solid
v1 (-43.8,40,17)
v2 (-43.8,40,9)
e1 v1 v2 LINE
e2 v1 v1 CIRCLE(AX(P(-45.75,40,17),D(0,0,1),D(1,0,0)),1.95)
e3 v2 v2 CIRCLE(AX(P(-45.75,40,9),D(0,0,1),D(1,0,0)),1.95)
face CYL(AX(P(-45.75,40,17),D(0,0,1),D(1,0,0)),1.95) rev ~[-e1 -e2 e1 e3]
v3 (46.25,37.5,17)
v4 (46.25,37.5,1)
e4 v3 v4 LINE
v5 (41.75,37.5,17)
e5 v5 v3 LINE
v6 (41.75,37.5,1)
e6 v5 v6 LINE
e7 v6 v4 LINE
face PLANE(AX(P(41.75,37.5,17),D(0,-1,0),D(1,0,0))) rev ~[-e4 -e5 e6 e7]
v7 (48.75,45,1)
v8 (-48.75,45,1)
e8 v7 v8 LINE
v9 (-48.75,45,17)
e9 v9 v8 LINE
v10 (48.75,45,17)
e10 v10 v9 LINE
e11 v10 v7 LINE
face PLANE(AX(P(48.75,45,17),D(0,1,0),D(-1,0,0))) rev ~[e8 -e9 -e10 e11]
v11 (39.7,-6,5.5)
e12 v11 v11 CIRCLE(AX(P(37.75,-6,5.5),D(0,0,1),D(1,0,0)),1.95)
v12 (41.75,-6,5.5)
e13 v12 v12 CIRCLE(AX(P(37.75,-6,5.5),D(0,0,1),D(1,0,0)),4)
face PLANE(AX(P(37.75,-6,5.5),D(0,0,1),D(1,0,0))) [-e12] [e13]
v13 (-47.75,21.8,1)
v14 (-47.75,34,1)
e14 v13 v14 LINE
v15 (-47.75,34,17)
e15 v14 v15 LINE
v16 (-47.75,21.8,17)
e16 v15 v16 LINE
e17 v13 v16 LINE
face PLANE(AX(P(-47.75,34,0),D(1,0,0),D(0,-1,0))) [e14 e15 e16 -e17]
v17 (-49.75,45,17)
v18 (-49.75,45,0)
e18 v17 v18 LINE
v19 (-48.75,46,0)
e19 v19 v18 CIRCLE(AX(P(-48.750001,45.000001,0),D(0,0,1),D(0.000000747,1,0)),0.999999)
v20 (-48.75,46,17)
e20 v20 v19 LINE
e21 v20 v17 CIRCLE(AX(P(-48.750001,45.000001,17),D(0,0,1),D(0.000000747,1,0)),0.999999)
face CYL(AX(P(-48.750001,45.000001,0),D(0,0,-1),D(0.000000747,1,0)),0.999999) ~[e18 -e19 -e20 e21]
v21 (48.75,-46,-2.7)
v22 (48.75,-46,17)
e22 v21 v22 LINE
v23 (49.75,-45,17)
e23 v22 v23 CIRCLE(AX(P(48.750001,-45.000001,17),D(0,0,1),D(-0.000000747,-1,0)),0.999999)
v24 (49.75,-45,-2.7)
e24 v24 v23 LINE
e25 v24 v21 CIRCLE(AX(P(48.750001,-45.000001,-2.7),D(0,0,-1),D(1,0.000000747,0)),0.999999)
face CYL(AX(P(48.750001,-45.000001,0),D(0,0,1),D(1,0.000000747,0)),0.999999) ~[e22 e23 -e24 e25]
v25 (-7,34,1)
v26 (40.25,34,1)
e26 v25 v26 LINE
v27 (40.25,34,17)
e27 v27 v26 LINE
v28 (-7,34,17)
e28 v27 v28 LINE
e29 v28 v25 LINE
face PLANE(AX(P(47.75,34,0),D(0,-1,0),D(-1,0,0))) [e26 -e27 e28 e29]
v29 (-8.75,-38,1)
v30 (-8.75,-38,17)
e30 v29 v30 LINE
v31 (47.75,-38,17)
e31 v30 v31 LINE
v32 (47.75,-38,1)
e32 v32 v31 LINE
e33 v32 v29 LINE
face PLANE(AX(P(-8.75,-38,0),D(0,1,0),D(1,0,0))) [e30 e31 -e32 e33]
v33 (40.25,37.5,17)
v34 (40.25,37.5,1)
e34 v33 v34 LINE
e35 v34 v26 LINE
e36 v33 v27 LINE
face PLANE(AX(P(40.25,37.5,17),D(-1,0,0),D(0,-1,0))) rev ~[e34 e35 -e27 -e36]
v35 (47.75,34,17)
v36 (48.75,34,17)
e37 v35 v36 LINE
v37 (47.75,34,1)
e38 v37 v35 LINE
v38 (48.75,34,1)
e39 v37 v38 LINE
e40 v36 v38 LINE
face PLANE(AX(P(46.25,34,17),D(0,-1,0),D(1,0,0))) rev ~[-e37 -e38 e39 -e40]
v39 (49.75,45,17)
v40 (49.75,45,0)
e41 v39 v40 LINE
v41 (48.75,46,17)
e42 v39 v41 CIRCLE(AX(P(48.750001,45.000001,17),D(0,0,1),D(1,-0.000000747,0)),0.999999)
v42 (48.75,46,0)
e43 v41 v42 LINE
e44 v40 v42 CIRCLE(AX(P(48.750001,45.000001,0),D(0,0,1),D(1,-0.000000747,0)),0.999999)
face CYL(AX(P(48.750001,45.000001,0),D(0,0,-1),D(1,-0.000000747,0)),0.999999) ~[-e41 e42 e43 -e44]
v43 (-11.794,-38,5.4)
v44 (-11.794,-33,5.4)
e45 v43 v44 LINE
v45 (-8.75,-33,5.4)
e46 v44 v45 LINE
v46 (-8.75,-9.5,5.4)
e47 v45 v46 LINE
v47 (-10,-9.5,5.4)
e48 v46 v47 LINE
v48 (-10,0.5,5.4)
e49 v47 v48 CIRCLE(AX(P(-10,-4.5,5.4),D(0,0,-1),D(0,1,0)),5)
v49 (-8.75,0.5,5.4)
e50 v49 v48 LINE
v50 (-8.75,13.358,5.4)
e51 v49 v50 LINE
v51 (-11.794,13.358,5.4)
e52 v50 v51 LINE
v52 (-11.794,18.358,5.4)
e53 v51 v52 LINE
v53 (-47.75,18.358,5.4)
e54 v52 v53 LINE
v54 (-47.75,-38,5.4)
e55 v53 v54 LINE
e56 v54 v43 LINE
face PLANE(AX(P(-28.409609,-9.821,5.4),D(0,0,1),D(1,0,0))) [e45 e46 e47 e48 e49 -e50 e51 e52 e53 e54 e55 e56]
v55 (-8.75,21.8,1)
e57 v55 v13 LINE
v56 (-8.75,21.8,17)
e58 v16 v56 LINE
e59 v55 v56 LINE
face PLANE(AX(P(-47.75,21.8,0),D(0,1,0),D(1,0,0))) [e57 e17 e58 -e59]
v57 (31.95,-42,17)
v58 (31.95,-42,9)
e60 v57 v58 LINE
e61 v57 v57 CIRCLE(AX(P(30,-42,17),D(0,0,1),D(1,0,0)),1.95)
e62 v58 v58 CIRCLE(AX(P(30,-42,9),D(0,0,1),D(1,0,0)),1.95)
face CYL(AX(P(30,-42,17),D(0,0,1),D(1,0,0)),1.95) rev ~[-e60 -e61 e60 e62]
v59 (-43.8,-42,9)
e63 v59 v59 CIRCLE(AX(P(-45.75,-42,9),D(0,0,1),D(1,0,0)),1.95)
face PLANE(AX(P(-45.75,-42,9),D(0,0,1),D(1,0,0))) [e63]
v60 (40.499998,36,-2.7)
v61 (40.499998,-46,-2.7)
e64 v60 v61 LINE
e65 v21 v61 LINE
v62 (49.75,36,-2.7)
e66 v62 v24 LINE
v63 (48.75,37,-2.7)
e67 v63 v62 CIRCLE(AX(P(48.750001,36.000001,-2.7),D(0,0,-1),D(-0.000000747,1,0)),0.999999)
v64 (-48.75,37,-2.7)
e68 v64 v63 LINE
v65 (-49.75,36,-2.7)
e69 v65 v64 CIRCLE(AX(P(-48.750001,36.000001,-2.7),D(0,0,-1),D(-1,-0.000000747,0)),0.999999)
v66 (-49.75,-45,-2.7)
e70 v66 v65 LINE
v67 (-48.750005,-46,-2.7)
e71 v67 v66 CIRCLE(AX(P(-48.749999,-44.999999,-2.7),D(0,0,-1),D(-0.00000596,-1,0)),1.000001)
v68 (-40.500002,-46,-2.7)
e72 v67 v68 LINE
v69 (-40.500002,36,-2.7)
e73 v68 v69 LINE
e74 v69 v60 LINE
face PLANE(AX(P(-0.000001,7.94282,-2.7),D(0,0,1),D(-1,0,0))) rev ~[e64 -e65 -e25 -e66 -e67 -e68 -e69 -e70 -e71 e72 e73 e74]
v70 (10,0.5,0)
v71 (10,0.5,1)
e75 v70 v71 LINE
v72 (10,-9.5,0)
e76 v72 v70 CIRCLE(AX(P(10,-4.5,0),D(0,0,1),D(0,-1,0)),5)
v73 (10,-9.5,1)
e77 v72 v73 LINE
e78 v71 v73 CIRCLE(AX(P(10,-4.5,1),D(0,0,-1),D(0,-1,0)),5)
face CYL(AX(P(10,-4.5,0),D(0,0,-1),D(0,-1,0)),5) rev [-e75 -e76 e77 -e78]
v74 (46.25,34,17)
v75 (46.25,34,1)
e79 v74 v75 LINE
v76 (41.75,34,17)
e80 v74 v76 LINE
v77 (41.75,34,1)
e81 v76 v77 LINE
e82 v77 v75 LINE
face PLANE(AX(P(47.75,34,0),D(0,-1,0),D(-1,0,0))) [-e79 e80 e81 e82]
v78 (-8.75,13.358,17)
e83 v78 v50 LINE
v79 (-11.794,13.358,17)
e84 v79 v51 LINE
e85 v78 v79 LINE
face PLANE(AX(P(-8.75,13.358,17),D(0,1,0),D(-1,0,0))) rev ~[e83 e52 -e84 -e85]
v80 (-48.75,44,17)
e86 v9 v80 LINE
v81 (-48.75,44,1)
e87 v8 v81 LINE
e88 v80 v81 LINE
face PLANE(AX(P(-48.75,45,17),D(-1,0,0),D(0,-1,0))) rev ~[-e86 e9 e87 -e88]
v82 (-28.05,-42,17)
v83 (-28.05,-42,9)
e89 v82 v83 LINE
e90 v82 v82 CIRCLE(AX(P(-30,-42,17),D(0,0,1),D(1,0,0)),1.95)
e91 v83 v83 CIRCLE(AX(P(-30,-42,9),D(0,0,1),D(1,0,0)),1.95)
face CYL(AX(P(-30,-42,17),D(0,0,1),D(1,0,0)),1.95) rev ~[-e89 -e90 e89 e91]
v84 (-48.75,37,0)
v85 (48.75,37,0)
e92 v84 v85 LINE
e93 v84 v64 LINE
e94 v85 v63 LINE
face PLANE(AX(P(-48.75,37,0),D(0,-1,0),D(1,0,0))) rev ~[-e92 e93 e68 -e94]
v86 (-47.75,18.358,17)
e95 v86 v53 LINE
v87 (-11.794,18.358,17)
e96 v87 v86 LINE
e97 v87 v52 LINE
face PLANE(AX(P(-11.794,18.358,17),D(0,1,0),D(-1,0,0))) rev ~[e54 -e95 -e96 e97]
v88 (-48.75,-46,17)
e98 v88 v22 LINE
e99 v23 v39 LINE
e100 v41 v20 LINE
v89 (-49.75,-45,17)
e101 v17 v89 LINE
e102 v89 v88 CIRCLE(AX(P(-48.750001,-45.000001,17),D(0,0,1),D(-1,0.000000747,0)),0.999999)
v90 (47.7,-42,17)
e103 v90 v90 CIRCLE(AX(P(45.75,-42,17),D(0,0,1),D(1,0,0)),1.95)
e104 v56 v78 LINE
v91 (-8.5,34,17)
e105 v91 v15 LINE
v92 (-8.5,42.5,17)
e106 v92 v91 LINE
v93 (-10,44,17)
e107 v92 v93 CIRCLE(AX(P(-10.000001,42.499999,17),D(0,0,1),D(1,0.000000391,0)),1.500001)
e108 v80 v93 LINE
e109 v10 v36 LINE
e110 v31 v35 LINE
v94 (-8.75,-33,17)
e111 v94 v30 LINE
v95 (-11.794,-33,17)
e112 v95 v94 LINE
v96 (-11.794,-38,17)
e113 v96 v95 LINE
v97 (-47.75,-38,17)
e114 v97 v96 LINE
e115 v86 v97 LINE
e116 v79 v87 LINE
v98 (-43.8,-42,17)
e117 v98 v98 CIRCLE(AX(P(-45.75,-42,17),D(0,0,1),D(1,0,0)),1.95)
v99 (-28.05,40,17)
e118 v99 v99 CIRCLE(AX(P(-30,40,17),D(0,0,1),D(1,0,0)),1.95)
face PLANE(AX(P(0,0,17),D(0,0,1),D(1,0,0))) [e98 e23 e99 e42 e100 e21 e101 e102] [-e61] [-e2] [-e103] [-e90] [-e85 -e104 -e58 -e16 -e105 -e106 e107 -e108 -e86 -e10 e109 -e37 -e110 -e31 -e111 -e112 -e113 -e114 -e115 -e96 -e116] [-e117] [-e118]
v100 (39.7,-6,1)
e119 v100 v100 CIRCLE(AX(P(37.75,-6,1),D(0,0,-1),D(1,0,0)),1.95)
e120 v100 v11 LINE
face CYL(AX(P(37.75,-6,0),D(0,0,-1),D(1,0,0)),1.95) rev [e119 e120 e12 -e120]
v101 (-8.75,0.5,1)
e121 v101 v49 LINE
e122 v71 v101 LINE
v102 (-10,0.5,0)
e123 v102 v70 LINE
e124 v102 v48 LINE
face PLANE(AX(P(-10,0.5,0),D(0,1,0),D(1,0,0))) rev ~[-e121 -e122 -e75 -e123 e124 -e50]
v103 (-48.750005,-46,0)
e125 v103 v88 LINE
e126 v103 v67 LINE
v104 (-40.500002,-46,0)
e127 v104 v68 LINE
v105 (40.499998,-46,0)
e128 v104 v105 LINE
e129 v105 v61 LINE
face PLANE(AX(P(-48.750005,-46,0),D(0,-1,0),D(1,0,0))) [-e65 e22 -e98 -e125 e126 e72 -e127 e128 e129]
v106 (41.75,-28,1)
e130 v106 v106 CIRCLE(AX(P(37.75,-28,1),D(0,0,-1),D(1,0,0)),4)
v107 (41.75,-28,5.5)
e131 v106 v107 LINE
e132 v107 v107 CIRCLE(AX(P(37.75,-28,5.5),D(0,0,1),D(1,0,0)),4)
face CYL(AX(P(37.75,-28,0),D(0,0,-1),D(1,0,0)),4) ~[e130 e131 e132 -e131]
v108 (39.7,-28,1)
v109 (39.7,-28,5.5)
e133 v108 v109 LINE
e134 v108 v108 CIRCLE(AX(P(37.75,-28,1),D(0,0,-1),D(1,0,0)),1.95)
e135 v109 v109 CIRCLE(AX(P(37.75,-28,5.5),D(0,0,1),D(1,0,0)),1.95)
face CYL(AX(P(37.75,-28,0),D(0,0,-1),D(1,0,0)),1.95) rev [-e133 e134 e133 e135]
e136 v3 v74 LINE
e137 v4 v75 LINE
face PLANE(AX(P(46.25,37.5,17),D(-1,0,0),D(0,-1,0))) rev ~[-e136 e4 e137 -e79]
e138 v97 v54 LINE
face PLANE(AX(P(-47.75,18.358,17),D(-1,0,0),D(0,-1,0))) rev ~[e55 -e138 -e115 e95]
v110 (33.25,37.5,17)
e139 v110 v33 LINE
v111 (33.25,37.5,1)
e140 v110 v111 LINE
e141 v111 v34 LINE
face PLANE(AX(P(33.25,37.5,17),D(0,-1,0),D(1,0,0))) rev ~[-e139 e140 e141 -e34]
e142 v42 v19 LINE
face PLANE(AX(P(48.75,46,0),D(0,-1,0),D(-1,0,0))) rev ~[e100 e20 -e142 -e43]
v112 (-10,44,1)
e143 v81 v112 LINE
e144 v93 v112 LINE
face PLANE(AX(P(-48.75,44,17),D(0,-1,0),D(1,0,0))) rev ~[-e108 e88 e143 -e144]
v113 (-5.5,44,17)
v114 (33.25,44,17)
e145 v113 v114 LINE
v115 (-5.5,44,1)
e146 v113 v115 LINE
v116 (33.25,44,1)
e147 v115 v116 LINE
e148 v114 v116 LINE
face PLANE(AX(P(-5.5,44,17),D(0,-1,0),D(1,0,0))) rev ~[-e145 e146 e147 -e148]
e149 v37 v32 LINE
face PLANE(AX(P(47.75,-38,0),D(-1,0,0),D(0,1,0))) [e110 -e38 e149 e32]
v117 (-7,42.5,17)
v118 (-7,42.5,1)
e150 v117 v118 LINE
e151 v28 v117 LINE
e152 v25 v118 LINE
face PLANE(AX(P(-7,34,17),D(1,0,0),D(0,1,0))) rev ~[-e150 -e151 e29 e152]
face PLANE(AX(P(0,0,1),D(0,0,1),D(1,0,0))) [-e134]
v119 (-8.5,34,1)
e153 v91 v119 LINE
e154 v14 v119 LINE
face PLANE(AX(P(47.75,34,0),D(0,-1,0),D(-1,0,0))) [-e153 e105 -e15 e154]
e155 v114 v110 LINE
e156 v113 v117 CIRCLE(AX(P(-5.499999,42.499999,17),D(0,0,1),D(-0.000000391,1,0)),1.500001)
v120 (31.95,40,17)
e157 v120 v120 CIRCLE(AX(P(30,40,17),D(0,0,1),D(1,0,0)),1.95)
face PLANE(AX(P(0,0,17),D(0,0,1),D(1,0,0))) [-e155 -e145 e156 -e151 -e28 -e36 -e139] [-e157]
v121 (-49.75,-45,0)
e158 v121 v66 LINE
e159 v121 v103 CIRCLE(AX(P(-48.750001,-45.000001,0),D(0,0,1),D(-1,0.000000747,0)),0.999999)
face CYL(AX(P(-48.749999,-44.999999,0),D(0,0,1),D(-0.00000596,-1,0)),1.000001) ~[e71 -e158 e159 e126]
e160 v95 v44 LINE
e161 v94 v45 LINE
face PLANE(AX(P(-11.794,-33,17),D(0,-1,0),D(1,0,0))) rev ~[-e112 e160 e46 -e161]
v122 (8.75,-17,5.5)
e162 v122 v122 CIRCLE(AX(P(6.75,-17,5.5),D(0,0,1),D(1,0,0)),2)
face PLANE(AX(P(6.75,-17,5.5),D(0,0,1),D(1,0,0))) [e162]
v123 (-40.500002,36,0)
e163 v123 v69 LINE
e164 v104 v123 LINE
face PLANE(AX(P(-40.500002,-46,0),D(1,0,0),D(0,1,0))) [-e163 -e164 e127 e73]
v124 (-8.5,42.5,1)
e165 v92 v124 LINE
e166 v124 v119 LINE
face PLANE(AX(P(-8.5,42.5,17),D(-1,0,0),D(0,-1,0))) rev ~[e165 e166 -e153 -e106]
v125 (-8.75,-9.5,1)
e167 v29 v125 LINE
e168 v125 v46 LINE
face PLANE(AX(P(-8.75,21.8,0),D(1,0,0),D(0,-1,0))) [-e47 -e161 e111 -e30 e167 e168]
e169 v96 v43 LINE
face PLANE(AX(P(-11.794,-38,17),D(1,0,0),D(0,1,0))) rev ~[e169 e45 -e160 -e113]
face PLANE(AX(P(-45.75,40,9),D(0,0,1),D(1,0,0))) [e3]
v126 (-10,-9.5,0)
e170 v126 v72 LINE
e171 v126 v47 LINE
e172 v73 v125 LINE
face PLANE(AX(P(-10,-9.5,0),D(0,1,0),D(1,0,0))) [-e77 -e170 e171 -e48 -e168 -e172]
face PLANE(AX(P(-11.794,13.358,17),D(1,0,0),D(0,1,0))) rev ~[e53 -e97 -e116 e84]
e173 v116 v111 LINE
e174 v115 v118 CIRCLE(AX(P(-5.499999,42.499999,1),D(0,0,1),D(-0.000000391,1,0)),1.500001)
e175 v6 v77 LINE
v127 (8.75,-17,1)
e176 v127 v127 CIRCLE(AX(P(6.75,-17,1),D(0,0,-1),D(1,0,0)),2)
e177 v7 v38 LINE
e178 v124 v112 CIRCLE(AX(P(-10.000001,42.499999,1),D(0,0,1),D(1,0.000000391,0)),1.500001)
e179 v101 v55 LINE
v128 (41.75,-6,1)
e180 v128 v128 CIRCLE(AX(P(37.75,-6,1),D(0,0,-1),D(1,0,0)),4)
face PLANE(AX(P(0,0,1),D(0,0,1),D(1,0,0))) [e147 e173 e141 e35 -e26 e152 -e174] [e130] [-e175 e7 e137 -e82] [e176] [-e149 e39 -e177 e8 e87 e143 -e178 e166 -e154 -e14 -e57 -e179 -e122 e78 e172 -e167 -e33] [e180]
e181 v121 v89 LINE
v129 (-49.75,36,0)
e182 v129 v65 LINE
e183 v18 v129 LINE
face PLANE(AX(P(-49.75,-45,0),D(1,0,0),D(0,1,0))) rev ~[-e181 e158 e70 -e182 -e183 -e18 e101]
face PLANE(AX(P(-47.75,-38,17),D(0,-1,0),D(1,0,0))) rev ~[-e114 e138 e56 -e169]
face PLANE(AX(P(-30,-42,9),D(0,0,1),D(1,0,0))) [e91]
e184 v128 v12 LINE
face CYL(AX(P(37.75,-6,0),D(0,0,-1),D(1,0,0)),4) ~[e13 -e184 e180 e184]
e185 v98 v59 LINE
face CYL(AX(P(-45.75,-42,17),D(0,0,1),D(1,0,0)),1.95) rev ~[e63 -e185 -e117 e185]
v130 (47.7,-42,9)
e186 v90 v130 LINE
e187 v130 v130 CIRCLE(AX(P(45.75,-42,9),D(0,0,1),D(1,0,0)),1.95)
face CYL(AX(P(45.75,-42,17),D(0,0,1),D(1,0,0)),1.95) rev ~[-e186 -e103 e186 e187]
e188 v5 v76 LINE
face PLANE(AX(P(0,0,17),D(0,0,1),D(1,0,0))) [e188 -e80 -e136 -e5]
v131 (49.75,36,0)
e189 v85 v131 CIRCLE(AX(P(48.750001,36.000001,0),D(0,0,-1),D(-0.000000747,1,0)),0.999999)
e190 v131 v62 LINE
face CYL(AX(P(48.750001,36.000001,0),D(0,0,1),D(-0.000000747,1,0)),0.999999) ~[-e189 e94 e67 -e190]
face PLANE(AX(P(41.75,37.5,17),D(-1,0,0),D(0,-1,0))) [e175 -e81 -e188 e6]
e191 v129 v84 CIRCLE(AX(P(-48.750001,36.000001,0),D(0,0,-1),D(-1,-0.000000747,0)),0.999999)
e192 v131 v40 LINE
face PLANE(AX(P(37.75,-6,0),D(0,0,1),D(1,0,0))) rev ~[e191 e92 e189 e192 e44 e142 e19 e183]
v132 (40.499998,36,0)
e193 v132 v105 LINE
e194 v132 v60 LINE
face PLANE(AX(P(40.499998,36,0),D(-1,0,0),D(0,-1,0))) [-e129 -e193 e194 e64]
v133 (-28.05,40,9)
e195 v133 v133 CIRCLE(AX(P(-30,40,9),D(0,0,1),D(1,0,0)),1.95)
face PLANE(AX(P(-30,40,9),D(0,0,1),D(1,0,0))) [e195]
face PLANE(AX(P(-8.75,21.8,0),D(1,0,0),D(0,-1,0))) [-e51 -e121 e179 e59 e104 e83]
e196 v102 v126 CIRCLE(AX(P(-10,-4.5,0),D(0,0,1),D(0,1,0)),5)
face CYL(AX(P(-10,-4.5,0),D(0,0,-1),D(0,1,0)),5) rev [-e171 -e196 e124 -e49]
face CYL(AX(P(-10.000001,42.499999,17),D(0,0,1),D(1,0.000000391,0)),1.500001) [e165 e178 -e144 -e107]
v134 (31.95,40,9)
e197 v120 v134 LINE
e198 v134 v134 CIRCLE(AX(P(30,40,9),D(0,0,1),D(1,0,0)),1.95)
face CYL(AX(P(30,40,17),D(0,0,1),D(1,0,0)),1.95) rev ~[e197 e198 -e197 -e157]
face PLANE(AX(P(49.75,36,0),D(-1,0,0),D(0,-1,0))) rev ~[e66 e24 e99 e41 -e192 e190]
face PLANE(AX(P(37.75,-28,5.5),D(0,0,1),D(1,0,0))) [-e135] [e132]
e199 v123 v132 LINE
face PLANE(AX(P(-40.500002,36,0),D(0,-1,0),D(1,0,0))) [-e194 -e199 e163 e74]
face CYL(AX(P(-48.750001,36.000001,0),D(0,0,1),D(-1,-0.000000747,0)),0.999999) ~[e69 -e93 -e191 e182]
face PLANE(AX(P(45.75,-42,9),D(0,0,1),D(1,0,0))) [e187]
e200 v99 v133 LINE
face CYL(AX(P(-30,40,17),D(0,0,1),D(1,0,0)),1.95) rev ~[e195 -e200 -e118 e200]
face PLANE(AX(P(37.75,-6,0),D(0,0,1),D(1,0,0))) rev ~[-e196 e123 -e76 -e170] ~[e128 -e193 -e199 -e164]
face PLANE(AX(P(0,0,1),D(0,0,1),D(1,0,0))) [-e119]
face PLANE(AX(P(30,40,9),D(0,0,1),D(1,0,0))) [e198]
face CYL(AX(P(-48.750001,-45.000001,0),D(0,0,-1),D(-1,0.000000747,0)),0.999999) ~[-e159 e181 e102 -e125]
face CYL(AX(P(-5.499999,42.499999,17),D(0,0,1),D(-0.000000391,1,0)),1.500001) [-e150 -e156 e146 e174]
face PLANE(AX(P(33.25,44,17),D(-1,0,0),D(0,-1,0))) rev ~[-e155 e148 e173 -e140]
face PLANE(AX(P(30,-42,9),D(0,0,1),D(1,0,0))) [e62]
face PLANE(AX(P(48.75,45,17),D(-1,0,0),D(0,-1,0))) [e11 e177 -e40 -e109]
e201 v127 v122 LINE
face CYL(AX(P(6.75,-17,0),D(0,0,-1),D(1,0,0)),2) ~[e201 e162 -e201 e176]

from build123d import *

# Parameters (mm, degrees)
PAD020_DEPTH    = 1
PAD021_DEPTH    = 17
POCKET014_DEPTH = 16
POCKET015_DEPTH = 11.6
SKETCH036_R     = 4
SKETCH036_R_2   = 1.95
SKETCH036_R_3   = 2
PAD022_DEPTH    = 5.5
SKETCH037_R     = 1.95
POCKET016_DEPTH = 8
PAD023_DEPTH    = 2.7
POCKET017_DEPTH = 17


with BuildPart() as part:
    # Sketch032 → Pad020 (new body)
    with BuildSketch(Plane.XY):
        with BuildLine():
            Line((-49.75, 45), (-49.75, -45))
            ThreePointArc((-49.75, -45), (-49.457107, -45.707107), (-48.75, -46))
            Line((-48.75, -46), (48.75, -46))
            ThreePointArc((48.75, -46), (49.457107, -45.707107), (49.75, -45))
            Line((49.75, -45), (49.75, 45))
            ThreePointArc((49.75, 45), (49.457107, 45.707107), (48.75, 46))
            Line((48.75, 46), (-48.75, 46))
            ThreePointArc((-48.75, 46), (-49.457107, 45.707107), (-49.75, 45))
        make_face()
    extrude(amount=PAD020_DEPTH)

    # Sketch033 → Pad021 (join)
    with BuildSketch(Plane.XY):
        with BuildLine():
            Line((-49.75, 45), (-49.75, -45))
            ThreePointArc((-49.75, -45), (-49.457107, -45.707107), (-48.75, -46))
            Line((-48.75, -46), (48.75, -46))
            ThreePointArc((48.75, -46), (49.457107, -45.707107), (49.75, -45))
            Line((49.75, -45), (49.75, 45))
            ThreePointArc((49.75, 45), (49.457107, 45.707107), (48.75, 46))
            Line((48.75, 46), (-48.75, 46))
            ThreePointArc((-48.75, 46), (-49.457107, 45.707107), (-49.75, 45))
        make_face()
        Polygon((-47.75, 34), (-47.75, 21.8), (-8.75, 21.8), (-8.75, -38), (47.75, -38), (47.75, 34), align=None, mode=Mode.SUBTRACT)
    extrude(amount=PAD021_DEPTH)

    # Sketch034 (on Face14 of Pad021) → Pocket014 (cut)
    with BuildSketch(Plane.XY.offset(17)):
        with BuildLine():
            Line((-48.75, 45), (-48.75, 44))
            Line((-48.75, 44), (-10, 44))
            ThreePointArc((-8.5, 42.5), (-8.93934, 43.56066), (-10, 44))
            Line((-8.5, 42.5), (-8.5, 34))
            Line((-8.5, 34), (-7, 34))
            Line((-7, 34), (-7, 42.5))
            ThreePointArc((-5.5, 44), (-6.56066, 43.56066), (-7, 42.5))
            Line((-5.5, 44), (33.25, 44))
            Line((33.25, 44), (33.25, 37.5))
            Line((33.25, 37.5), (40.25, 37.5))
            Line((40.25, 37.5), (40.25, 34))
            Line((41.75, 34), (40.25, 34))
            Line((41.75, 37.5), (41.75, 34))
            Line((41.75, 37.5), (46.25, 37.5))
            Line((46.25, 37.5), (46.25, 34))
            Line((46.25, 34), (48.75, 34))
            Line((48.75, 45), (48.75, 34))
            Line((48.75, 45), (-48.75, 45))
        make_face()
    extrude(amount=-POCKET014_DEPTH, mode=Mode.SUBTRACT)

    # Sketch035 (on Face14 of Pocket014) → Pocket015 (cut)
    with BuildSketch(Plane.XY.offset(17)):
        Polygon((-11.794, 18.358), (-47.75, 18.358), (-47.75, -38), (-11.794, -38), (-11.794, -33), (-8.75, -33), (-8.75, 13.358), (-11.794, 13.358), align=None)
    extrude(amount=-POCKET015_DEPTH, mode=Mode.SUBTRACT)

    # Sketch036 → Pad022 (join)
    with BuildSketch(Plane.XY):
        with Locations((37.75, -6)):
            Circle(SKETCH036_R)
        with Locations((37.75, -6)):
            Circle(SKETCH036_R_2, mode=Mode.SUBTRACT)
        with Locations((37.75, -28)):
            Circle(SKETCH036_R)
        with Locations((37.75, -28)):
            Circle(SKETCH036_R_2, mode=Mode.SUBTRACT)
        with Locations((6.75, -17)):
            Circle(SKETCH036_R_3)
    extrude(amount=PAD022_DEPTH)

    # Sketch037 (on Face14 of Pad022) → Pocket016 (cut)
    with BuildSketch(Plane.XY.offset(17)):
        with Locations((-45.75, -42)):
            Circle(SKETCH037_R)
        with Locations((-30, -42)):
            Circle(SKETCH037_R)
        with Locations((30, -42)):
            Circle(SKETCH037_R)
        with Locations((-45.75, 40)):
            Circle(SKETCH037_R)
        with Locations((-30, 40)):
            Circle(SKETCH037_R)
        with Locations((30, 40)):
            Circle(SKETCH037_R)
        with Locations((45.75, -42)):
            Circle(SKETCH037_R)
    extrude(amount=-POCKET016_DEPTH, mode=Mode.SUBTRACT)

    # Sketch038 (on Face4 of Pocket016) → Pad023 (join)
    with BuildSketch(Plane(origin=(0, 0, 0), x_dir=(1, 0, 0), z_dir=(0, 0, -1))):
        with BuildLine():
            Line((-40.500002, -36), (40.499998, -36))
            Line((40.499998, -36), (40.499998, 46))
            Line((48.75, 46), (40.499998, 46))
            ThreePointArc((49.75, 45), (49.457107, 45.707107), (48.75, 46))
            Line((49.75, -36), (49.75, 45))
            ThreePointArc((48.75, -37), (49.457107, -36.707107), (49.75, -36))
            Line((-48.75, -37), (48.75, -37))
            ThreePointArc((-49.75, -36), (-49.457107, -36.707107), (-48.75, -37))
            Line((-49.75, 45), (-49.75, -36))
            ThreePointArc((-48.750005, 46), (-49.457108, 45.707105), (-49.75, 45))
            Line((-48.750005, 46), (-40.500002, 46))
            Line((-40.500002, 46), (-40.500002, -36))
        make_face()
    extrude(amount=PAD023_DEPTH)

    # Sketch039 → Pocket017 (cut)
    with BuildSketch(Plane.XY):
        with BuildLine():
            ThreePointArc((-10, 0.5), (-15, -4.5), (-10, -9.5))
            Line((-10, -9.5), (10, -9.5))
            ThreePointArc((10, -9.5), (15, -4.5), (10, 0.5))
            Line((-10, 0.5), (10, 0.5))
        make_face()
    extrude(amount=POCKET017_DEPTH, mode=Mode.SUBTRACT)


solid = part.part
